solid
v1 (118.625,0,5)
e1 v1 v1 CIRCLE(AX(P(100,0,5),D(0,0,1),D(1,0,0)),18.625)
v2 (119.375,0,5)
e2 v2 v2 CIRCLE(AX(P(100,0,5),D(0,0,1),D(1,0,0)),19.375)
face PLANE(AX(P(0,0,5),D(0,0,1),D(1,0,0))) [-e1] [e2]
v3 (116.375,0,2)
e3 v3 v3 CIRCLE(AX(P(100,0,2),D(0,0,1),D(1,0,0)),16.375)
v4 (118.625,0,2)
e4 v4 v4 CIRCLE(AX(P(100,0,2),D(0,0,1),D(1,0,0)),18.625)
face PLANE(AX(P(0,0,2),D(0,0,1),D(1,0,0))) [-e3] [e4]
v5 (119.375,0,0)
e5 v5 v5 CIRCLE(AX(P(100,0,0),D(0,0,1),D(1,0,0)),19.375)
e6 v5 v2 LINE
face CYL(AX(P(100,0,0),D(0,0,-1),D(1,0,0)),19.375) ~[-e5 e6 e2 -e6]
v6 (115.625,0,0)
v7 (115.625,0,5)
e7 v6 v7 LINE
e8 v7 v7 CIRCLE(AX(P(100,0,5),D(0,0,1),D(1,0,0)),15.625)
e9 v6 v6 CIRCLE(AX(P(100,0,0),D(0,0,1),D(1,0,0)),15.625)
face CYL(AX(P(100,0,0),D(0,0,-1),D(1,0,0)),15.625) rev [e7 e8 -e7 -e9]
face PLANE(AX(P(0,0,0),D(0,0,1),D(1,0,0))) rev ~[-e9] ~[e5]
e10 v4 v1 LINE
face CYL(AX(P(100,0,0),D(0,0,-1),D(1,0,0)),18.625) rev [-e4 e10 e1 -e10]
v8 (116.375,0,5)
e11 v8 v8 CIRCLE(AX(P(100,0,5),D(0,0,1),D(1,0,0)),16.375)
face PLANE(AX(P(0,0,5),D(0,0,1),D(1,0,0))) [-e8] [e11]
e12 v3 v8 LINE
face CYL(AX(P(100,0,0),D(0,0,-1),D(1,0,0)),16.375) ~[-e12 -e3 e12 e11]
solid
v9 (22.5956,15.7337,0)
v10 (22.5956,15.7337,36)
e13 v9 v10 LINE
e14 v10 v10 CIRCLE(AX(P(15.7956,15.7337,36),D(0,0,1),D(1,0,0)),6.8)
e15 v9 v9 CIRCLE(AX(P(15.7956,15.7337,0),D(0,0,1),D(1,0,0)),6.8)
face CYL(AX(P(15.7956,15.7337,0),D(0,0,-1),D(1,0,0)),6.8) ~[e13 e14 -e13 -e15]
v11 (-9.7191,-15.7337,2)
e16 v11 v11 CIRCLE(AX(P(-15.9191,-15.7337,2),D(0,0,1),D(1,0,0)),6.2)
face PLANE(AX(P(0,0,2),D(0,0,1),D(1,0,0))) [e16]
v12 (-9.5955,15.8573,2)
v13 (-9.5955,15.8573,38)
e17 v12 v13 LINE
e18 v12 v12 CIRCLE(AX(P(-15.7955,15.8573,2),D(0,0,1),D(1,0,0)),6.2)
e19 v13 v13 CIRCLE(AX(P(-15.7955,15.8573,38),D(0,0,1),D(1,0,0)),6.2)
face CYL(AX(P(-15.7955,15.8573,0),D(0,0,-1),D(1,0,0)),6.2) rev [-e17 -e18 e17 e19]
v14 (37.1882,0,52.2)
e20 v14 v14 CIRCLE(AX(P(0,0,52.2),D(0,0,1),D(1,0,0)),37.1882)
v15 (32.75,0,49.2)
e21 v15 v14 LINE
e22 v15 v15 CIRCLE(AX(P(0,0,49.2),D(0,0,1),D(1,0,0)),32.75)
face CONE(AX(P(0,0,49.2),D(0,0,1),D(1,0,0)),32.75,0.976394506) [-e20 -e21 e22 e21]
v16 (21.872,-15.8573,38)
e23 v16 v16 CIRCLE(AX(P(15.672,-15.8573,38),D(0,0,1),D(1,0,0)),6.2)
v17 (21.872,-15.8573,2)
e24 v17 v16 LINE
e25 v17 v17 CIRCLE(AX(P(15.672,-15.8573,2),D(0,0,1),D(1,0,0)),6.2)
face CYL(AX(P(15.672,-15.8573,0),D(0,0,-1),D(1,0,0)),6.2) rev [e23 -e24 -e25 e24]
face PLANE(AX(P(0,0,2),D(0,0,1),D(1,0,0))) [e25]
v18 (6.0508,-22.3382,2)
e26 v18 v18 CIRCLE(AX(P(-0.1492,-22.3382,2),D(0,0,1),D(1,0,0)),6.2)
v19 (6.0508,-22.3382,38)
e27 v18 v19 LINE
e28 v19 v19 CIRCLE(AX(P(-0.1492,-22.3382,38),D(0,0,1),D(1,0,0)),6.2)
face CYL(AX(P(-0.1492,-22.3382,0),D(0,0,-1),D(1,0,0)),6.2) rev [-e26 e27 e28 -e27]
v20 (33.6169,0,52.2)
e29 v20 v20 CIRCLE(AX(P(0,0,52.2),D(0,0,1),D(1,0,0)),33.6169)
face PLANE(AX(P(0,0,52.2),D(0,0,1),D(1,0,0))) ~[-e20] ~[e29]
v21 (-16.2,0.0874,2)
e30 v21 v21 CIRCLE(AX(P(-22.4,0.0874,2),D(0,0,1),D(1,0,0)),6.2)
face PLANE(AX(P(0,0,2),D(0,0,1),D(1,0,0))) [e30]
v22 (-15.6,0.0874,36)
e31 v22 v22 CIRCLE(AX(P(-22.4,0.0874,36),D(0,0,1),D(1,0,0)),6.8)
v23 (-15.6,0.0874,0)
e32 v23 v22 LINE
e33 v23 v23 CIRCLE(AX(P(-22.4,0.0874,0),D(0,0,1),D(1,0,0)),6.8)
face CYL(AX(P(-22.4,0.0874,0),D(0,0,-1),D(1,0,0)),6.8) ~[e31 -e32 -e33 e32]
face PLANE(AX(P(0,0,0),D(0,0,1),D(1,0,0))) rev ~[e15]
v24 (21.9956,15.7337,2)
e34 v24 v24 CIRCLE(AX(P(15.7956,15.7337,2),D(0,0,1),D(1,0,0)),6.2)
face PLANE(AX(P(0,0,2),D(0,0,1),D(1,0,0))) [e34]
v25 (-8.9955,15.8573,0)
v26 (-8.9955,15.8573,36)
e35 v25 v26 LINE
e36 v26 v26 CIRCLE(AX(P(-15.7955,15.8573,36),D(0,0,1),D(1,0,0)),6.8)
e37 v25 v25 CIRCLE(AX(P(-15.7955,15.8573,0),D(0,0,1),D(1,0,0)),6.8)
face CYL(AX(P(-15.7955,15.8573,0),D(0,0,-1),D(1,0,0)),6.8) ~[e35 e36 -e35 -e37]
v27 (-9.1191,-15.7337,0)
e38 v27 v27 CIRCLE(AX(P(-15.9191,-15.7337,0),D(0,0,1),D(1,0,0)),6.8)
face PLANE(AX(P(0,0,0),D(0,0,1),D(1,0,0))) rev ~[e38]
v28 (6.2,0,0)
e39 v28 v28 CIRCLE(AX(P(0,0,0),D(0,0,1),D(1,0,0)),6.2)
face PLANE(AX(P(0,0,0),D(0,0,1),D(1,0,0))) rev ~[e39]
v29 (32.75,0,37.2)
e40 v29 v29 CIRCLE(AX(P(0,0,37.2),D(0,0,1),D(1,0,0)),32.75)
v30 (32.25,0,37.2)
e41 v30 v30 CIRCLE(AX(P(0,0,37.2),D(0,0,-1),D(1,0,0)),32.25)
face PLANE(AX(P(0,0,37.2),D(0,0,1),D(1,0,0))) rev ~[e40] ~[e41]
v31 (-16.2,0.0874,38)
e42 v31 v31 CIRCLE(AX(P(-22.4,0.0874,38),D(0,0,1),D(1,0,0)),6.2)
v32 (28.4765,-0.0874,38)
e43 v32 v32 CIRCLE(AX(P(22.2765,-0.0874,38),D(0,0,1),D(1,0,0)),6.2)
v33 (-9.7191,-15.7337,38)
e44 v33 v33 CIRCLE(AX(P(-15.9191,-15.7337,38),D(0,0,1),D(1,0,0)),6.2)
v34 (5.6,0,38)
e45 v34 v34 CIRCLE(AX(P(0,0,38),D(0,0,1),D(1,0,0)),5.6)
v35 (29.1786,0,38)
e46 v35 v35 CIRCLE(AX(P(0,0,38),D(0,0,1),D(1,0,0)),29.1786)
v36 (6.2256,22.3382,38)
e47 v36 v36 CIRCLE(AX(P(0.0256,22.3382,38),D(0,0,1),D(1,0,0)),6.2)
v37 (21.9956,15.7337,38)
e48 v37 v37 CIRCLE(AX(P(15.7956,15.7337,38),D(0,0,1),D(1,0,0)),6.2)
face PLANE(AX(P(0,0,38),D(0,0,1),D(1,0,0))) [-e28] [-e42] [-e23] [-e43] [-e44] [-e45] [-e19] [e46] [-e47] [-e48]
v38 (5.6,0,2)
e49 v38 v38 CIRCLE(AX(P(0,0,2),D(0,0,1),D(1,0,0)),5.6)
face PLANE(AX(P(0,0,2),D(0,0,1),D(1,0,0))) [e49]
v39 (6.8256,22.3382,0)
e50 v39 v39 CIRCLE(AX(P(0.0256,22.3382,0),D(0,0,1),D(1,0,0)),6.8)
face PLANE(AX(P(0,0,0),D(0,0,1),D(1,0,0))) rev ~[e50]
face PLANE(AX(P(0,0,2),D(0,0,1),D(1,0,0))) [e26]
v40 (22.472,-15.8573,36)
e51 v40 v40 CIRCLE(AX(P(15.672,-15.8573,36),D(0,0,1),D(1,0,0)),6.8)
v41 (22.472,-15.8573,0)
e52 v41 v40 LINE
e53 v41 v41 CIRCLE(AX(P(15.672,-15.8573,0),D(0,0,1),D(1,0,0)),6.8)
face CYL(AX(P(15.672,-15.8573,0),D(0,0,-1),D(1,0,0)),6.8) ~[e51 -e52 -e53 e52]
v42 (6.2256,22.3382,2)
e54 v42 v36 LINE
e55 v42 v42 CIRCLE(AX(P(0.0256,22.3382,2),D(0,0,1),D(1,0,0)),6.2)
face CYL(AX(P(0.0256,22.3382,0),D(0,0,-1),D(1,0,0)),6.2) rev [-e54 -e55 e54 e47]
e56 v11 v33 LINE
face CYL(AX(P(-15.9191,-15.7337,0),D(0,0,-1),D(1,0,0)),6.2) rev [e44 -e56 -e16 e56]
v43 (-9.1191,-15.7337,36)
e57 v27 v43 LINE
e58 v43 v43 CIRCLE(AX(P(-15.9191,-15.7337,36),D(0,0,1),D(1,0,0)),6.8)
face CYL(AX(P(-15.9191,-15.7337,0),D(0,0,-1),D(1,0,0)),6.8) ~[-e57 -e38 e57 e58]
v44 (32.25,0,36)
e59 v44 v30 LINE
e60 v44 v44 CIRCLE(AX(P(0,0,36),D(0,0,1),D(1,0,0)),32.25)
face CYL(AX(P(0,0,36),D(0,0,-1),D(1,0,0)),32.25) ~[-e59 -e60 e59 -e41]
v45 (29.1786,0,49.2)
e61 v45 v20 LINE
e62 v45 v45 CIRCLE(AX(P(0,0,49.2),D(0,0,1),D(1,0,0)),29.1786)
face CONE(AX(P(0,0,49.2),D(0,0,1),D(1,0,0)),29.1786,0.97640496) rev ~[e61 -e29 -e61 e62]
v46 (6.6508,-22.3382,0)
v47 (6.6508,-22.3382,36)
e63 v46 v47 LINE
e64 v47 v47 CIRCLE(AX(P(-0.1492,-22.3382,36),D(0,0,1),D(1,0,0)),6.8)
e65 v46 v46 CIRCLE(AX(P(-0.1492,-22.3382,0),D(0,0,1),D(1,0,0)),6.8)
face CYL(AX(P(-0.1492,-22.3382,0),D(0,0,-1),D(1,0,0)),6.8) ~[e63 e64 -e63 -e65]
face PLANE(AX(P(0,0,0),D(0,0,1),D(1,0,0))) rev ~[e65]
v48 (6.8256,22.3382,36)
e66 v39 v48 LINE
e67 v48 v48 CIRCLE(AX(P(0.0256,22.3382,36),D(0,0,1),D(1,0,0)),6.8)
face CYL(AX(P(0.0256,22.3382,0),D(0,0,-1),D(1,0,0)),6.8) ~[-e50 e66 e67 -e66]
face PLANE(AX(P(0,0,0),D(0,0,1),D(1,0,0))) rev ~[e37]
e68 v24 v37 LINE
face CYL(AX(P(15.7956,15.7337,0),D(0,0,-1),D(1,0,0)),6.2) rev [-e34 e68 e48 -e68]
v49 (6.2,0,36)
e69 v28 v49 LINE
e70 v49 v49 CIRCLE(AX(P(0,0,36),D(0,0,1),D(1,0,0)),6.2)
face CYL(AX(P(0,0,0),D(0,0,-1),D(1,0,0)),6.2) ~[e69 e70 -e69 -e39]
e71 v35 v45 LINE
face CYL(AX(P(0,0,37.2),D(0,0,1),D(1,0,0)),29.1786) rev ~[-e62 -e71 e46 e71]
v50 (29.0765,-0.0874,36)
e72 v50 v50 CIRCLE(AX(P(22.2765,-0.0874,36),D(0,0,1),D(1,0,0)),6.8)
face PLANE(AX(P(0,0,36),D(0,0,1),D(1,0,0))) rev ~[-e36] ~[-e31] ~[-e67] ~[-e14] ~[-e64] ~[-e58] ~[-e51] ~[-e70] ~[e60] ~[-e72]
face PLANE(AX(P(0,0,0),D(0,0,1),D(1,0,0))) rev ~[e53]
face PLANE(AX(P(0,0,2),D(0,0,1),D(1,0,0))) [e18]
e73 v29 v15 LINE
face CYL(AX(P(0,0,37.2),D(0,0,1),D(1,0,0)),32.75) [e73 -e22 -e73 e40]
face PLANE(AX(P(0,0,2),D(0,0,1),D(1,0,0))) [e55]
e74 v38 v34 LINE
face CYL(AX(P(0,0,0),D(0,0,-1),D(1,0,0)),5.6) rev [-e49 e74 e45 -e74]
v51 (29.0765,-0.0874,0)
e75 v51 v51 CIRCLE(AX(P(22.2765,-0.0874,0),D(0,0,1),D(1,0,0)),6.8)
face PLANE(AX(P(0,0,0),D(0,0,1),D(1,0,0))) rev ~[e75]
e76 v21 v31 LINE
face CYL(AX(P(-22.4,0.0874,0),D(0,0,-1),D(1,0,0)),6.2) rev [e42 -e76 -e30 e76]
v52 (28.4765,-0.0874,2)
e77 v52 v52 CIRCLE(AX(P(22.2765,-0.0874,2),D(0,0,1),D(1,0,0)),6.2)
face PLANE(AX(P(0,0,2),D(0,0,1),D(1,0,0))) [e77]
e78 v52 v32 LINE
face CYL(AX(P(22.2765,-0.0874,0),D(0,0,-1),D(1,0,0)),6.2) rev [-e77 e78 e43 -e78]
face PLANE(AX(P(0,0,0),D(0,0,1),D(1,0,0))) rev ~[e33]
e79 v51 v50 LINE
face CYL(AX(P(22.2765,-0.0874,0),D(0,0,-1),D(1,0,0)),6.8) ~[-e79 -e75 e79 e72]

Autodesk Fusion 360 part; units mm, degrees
sketch "base" plane through (0, 0, 0) normal (0, 0, 1) x (1, 0, 0)
  circle A0 centre (-22.4, 0.0874) radius 6.2
  circle A1 centre (-22.4, 0.0874) radius 6.8
  circle A2 centre (0, 0) radius 32.25
  circle A3 centre (0, 0) radius 5.6
  circle A4 centre (0, 0) radius 6.2
  circle A5 centre (-15.9191, -15.7337) radius 6.8
  circle A6 centre (-15.9191, -15.7337) radius 6.2
  circle A7 centre (-0.1492, -22.3382) radius 6.8
  circle A8 centre (-0.1492, -22.3382) radius 6.2
  circle A9 centre (15.672, -15.8573) radius 6.8
  circle A10 centre (15.672, -15.8573) radius 6.2
  circle A11 centre (22.2765, -0.0874) radius 6.8
  circle A12 centre (22.2765, -0.0874) radius 6.2
  circle A13 centre (15.7956, 15.7337) radius 6.8
  circle A14 centre (15.7956, 15.7337) radius 6.2
  circle A15 centre (0.0256, 22.3382) radius 6.8
  circle A16 centre (0.0256, 22.3382) radius 6.2
  circle A17 centre (-15.7955, 15.8573) radius 6.8
  circle A18 centre (-15.7955, 15.8573) radius 6.2
  point P0 (-22.4, 0.0874)
  point P1 (-0.0618, 0)
  dimension "d6" = 13.6
  dimension "d54" = 12.4
  dimension "d65" = 360
  dimension "d67" = 22.4
  dimension "d68" = 12.4
  dimension "d69" = 11.2
extrude "Extrude9" add sketch "base" along normal blind 2 contours A0 | A3 | A6 | A8 | A10 | A12 | A14 | A16 | A18 makes body 1 at (-21.9504, 1.9652, 0) makes body 2 at (-1.1594, 3.2855, 0) makes body 3 at (-1.0077, 24.128, 0) makes body 4 at (-16.0598, -17.6115, 0) makes body 5 at (13.6247, 16.6304, 0) makes body 6 at (-17.3623, 17.9551, 0) makes body 7 at (13.6555, -17.0215, 0) makes body 8 at (23.8739, 1.5284, 0) makes body 9 at (-0.9042, -20.6825, 0)
extrude "seat" add sketch "base" along normal blind 2 from surface at 36 separate body contours A2 makes body 10
extrude "tubes" add sketch "base" along normal blind 38 contours A1 | A4 | A5 | A7 | A9 | A11 | A13 | A15 | A17 bodies 6 4 2 3 9 8 1 5 7 10
sketch "rim" plane through (0, 0, 0) normal (0, 1, 0) x (1, 0, 0)
  line L0 (32.75, -37.2) -> (32.75, -49.2)
  line L1 (32.75, -37.2) -> (29.1786, -37.2)
  line L2 (29.1786, -37.2) -> (29.1786, -49.2)
  line L3 (29.1786, -49.2) -> (32.75, -49.2)
  line L4 (32.75, -49.2) -> (37.1882, -52.2)
  line L5 (29.1786, -49.2) -> (33.6169, -52.2)
  line L6 (33.6169, -52.2) -> (37.1882, -52.2)
  point P0 (32.75, -37.2)
  point P1 (-0.0618, 0)
  dimension "d26" = 37.2
  dimension "d27" = 32.75
  dimension "d29" = 12
  dimension "d35" = 3
  dimension "d37" = 2
  dimension "d61" = 5.357
  dimension "d63" = 37.25
revolve "Revolve2" add sketch "rim" angle 360 about axis through (0, 0, 1.75) along (0, 0, 1) bodies 6
sketch "washer mold" plane through (0, 0, 0) normal (0, 0, 1) x (1, 0, 0)
  circle A0 centre (100, 0) radius 19.375
  circle A1 centre (100, 0) radius 16.375
  circle A2 centre (100, 0) radius 15.625
  circle A3 centre (100, 0) radius 18.625
  point P0 (100, 0)
  dimension "d85" = 37.25
  dimension "d86" = 32.75
  dimension "d87" = 38.75
  dimension "d88" = 31.25
extrude "Extrude10" add sketch "washer mold" along normal blind 2 separate body contours A3 makes body 11
extrude "Extrude11" add sketch "washer mold" along normal blind 5 bodies 11
equation "d6 = bigTubeOutsideDiameter + tubeWallThickness"
equation "submergedTubeHeight = 36 mm"
equation "capHeightAndOverhead = 12 mm"
equation "bigTubeOutsideDiameter = 12.4 mm"
equation "largeRimOutsideDiameter = 74.5 mm"
equation "baseRimOutsideDiameter = largeRimOutsideDiameter - 9 mm"
equation "generalThickness = 2 mm"
equation "tubeWallThickness = 1.2 mm"
equation "d26 = submergedTubeHeight + tubeWallThickness"
equation "d27 = baseRimOutsideDiameter / 2"
equation "d29 = capHeightAndOverhead"
equation "d37 = generalThickness"
equation "d39 = submergedTubeHeight + tubeBottomThickness"
equation "d42 = submergedTubeHeight + tubeBottomThickness - generalThickness"
equation "d43 = generalThickness"
equation "d51 = tubeBottomThickness"
equation "d54 = smallTubeOutsideDiameter + tubeWallThickness"
equation "smallTubeOutsideDiameter = 11.2 mm"
equation "d63 = largeRimOutsideDiameter / 2"
equation "d65 = 360.0 °"
equation "tubeBottomThickness = 2 mm"
equation "d68 = bigTubeOutsideDiameter"
equation "d69 = smallTubeOutsideDiameter"
equation "j = submergedTubeHeight + tubeBottomThickness - generalThickness"
equation "d85 = largeRimOutsideDiameter / 2"
equation "d86 = ( baseRimOutsideDiameter / 2 mm ) * 1 mm"
equation "d87 = largeRimOutsideDiameter / 2 + 1.5 mm"
equation "d88 = baseRimOutsideDiameter / 2 - 1.5 mm"
